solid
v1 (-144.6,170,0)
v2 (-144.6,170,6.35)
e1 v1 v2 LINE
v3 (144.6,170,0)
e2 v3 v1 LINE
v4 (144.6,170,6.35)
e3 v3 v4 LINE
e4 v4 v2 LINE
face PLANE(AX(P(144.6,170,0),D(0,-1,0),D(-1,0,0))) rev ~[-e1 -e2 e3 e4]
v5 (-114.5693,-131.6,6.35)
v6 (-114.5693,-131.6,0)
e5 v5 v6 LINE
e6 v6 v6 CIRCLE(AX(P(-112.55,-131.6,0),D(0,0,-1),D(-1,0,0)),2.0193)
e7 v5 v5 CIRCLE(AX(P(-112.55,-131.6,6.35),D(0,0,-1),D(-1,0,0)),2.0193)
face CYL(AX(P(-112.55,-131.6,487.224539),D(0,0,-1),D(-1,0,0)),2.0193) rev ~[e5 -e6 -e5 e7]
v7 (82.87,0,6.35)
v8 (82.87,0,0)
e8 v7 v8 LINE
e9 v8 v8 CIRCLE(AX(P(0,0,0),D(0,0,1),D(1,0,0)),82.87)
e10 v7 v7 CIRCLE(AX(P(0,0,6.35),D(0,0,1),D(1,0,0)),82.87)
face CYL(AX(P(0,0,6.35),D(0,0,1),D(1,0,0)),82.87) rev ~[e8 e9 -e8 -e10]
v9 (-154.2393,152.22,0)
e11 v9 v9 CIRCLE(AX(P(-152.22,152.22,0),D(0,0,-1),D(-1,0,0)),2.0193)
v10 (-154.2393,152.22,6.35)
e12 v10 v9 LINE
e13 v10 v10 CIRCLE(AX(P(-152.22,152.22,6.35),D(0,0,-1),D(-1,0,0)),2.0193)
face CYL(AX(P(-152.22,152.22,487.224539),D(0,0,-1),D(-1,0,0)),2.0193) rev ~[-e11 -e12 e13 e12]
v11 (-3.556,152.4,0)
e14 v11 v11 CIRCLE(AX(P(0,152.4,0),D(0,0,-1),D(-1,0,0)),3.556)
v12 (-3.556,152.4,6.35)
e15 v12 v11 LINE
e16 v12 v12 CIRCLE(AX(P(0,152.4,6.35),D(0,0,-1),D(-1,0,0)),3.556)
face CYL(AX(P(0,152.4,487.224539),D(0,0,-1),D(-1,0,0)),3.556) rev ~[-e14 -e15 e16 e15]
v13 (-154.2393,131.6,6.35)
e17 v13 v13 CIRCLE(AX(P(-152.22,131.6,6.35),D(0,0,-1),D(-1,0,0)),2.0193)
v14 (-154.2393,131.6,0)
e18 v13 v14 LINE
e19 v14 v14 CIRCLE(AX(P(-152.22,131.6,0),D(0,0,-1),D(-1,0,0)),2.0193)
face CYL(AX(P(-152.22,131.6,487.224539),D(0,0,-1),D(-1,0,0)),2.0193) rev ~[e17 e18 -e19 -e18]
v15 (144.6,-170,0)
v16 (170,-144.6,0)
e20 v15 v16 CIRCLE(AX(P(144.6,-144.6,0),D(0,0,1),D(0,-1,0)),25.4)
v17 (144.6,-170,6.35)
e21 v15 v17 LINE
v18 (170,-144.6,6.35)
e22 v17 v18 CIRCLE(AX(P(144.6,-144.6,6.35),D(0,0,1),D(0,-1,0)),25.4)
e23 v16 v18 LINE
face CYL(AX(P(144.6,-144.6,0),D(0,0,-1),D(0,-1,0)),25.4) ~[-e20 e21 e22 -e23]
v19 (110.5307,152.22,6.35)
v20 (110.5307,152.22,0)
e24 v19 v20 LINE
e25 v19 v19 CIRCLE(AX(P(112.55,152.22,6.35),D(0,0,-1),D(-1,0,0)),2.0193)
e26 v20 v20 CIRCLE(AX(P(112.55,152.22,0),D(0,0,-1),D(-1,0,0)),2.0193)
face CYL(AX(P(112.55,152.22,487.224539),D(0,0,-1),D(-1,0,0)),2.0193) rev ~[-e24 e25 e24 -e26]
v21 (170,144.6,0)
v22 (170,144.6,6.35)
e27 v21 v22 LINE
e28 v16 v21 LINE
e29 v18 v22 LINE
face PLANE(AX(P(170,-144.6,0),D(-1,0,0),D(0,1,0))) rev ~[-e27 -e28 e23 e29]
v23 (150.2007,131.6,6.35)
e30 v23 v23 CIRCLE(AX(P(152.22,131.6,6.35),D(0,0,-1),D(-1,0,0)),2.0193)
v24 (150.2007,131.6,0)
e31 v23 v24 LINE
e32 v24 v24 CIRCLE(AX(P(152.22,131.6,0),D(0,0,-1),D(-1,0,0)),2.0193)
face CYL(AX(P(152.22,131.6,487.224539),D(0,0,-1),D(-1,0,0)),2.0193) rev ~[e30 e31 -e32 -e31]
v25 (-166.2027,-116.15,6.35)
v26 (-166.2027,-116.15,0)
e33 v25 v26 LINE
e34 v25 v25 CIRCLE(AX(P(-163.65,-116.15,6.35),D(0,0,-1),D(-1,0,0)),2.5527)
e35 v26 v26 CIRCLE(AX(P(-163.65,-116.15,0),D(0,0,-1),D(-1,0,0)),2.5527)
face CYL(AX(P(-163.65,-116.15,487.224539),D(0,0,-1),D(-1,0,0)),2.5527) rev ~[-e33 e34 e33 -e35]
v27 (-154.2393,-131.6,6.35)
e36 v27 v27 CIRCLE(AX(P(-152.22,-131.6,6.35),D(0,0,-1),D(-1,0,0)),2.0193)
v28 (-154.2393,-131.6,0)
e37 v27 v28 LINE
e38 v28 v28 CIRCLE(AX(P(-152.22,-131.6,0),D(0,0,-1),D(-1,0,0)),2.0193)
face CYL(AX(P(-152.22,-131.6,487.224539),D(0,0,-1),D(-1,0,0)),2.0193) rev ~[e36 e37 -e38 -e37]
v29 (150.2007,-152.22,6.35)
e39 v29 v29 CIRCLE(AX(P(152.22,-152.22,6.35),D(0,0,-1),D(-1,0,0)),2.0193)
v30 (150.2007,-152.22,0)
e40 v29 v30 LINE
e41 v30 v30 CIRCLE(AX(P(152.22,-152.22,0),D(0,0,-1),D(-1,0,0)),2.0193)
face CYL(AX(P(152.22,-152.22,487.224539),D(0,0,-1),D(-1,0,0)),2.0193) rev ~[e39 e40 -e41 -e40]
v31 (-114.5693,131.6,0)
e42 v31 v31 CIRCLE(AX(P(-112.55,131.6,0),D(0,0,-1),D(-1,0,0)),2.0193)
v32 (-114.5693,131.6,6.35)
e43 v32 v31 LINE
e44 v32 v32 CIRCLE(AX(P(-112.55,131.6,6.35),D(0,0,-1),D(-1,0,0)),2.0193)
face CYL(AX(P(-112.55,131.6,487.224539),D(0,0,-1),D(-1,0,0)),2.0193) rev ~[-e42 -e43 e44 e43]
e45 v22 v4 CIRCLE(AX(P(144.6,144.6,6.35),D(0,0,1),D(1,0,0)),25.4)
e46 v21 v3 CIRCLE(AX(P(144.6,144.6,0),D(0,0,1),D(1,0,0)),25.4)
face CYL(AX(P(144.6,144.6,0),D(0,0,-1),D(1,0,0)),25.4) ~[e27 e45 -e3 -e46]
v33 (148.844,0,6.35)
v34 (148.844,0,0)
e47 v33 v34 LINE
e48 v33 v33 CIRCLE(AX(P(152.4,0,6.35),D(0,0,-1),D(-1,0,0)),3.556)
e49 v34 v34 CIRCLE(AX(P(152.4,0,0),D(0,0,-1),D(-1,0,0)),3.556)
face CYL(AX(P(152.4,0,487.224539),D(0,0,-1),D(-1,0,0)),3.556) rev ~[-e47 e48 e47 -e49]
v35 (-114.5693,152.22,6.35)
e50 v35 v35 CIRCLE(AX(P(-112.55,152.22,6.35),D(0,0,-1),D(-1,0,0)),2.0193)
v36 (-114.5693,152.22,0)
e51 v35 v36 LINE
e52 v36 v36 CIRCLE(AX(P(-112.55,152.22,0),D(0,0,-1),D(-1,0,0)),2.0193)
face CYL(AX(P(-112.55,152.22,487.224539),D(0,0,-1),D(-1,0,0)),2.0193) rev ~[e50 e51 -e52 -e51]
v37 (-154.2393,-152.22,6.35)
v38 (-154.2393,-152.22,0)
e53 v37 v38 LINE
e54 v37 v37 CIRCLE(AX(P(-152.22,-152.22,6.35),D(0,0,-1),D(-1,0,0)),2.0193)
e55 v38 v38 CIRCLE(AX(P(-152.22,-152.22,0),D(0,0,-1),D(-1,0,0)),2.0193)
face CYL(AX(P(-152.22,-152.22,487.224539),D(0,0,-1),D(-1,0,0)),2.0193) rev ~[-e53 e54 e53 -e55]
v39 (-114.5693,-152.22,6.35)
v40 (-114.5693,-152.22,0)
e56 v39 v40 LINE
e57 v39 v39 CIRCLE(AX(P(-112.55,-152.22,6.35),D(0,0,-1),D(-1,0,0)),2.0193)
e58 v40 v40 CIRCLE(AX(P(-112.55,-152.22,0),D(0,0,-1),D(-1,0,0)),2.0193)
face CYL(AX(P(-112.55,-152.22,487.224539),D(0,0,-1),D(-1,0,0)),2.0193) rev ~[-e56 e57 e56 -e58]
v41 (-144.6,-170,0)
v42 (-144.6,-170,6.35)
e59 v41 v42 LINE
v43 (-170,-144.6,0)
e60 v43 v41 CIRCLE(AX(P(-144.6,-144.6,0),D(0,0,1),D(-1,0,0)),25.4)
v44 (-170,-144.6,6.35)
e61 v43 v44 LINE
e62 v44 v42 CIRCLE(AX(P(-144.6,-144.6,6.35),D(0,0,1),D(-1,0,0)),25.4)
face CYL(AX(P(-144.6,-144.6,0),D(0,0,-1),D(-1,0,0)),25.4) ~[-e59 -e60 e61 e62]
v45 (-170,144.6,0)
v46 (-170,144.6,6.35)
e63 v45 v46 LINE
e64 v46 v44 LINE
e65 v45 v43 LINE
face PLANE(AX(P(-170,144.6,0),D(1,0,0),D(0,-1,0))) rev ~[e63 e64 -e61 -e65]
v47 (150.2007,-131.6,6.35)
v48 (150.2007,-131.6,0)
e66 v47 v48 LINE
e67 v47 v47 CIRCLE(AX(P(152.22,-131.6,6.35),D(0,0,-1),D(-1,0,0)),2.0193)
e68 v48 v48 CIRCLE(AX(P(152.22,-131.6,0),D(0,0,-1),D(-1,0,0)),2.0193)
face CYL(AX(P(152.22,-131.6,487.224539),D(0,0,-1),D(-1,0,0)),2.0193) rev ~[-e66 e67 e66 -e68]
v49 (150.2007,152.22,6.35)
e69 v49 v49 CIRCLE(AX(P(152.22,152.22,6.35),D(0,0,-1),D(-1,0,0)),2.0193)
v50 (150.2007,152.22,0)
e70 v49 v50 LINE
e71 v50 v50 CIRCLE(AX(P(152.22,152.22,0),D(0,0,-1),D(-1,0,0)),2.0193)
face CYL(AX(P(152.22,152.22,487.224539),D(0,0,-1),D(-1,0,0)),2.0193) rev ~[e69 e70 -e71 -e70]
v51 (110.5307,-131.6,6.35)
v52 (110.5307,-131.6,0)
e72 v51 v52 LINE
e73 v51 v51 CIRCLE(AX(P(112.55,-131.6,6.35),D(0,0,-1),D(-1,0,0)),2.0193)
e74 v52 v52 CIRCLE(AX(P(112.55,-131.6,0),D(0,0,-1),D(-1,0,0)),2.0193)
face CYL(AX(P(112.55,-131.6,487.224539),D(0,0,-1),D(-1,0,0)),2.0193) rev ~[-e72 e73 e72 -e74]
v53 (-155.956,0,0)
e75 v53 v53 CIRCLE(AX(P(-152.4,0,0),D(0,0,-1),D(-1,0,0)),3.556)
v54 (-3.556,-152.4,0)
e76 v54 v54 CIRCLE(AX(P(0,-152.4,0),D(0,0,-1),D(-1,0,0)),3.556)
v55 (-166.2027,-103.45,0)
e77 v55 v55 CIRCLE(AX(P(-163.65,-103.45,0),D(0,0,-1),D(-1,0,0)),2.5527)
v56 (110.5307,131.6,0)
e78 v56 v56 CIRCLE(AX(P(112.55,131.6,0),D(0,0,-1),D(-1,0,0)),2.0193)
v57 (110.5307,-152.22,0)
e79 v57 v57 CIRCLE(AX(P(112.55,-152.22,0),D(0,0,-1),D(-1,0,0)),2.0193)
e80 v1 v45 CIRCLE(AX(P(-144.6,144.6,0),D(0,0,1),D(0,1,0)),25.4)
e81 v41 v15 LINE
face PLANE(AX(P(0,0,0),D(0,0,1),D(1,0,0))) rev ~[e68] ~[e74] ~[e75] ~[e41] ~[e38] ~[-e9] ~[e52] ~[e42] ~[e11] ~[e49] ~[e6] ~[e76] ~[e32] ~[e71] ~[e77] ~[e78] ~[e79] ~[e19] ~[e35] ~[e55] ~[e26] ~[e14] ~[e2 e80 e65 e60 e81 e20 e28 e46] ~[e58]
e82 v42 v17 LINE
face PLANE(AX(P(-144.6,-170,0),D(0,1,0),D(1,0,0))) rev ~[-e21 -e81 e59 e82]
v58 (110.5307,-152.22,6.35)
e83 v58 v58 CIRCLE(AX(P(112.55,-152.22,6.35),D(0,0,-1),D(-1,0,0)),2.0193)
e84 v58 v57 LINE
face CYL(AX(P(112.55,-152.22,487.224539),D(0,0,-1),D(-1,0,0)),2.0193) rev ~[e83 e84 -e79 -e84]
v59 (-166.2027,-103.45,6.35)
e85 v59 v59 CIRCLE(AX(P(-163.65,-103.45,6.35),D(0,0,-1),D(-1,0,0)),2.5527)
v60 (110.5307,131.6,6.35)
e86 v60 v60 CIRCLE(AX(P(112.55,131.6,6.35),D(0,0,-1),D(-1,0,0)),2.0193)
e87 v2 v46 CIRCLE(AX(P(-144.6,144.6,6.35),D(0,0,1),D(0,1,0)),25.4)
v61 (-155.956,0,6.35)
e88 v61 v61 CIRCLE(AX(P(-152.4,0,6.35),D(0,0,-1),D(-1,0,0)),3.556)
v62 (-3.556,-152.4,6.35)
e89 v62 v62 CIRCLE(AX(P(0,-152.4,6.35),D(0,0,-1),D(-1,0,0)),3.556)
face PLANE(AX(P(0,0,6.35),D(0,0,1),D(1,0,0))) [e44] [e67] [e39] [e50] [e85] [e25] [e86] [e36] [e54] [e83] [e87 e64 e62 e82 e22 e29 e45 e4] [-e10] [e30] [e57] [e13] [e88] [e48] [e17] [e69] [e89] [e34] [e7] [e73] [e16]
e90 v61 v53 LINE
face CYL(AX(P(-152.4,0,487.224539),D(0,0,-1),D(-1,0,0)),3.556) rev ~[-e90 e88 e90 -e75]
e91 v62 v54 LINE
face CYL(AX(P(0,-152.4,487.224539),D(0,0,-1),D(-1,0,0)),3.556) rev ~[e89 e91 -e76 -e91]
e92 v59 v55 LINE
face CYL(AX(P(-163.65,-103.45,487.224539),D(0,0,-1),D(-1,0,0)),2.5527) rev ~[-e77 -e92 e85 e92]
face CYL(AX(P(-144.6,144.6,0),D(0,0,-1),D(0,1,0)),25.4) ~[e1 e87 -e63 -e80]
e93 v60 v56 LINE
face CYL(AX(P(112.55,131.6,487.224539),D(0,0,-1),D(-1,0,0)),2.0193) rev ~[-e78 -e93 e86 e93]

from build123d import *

# Parameters (mm, degrees)
F1_DEPTH = 6.35
F2_R     = 82.87
F3_DEPTH = 6.351
F4_D     = 4.0386
F5_D     = 7.112
F6_D     = 5.1054


with BuildPart() as f1:
    # F0 (on Top) → F1 (new body)
    with BuildSketch(Plane.XY):
        with BuildLine():
            Line((144.6, 170), (-144.6, 170))
            ThreePointArc((-144.6, 170), (-162.5605122421, 162.5605122421), (-170, 144.6))
            Line((-170, 144.6), (-170, -144.6))
            ThreePointArc((-170, -144.6), (-162.5605122421, -162.5605122421), (-144.6, -170))
            Line((-144.6, -170), (144.6, -170))
            ThreePointArc((144.6, -170), (162.5605122421, -162.5605122421), (170, -144.6))
            Line((170, -144.6), (170, 144.6))
            ThreePointArc((170, 144.6), (162.5605122421, 162.5605122421), (144.6, 170))
        make_face()
    extrude(amount=F1_DEPTH)

    # F2 (on face) → F3 (cut, through all)
    with BuildSketch(Plane.XY.offset(6.35)):
        Circle(F2_R)
    extrude(amount=-F3_DEPTH, mode=Mode.SUBTRACT)

    # F4 (through all)
    with Locations(Plane.XY.offset(6.35)):
        with Locations((-152.22, 131.6), (-152.22, 152.22), (-112.55, 152.22), (-112.55, 131.6), (152.22, 131.6), (152.22, 152.22), (112.55, 152.22), (112.55, 131.6), (152.22, -131.6), (152.22, -152.22), (112.55, -152.22), (112.55, -131.6), (-112.55, -152.22), (-112.55, -131.6), (-152.22, -131.6), (-152.22, -152.22)):
            Hole(F4_D / 2)

    # F5 (through all)
    with Locations(Plane.XY.offset(6.35)):
        with Locations((0, 152.4), (152.4, 0), (0, -152.4), (-152.4, 0)):
            Hole(F5_D / 2)

    # F6 (through all)
    with Locations(Plane.XY.offset(6.35)):
        with Locations((-163.65, -116.15), (-163.65, -103.45)):
            Hole(F6_D / 2)


solid = f1.part
